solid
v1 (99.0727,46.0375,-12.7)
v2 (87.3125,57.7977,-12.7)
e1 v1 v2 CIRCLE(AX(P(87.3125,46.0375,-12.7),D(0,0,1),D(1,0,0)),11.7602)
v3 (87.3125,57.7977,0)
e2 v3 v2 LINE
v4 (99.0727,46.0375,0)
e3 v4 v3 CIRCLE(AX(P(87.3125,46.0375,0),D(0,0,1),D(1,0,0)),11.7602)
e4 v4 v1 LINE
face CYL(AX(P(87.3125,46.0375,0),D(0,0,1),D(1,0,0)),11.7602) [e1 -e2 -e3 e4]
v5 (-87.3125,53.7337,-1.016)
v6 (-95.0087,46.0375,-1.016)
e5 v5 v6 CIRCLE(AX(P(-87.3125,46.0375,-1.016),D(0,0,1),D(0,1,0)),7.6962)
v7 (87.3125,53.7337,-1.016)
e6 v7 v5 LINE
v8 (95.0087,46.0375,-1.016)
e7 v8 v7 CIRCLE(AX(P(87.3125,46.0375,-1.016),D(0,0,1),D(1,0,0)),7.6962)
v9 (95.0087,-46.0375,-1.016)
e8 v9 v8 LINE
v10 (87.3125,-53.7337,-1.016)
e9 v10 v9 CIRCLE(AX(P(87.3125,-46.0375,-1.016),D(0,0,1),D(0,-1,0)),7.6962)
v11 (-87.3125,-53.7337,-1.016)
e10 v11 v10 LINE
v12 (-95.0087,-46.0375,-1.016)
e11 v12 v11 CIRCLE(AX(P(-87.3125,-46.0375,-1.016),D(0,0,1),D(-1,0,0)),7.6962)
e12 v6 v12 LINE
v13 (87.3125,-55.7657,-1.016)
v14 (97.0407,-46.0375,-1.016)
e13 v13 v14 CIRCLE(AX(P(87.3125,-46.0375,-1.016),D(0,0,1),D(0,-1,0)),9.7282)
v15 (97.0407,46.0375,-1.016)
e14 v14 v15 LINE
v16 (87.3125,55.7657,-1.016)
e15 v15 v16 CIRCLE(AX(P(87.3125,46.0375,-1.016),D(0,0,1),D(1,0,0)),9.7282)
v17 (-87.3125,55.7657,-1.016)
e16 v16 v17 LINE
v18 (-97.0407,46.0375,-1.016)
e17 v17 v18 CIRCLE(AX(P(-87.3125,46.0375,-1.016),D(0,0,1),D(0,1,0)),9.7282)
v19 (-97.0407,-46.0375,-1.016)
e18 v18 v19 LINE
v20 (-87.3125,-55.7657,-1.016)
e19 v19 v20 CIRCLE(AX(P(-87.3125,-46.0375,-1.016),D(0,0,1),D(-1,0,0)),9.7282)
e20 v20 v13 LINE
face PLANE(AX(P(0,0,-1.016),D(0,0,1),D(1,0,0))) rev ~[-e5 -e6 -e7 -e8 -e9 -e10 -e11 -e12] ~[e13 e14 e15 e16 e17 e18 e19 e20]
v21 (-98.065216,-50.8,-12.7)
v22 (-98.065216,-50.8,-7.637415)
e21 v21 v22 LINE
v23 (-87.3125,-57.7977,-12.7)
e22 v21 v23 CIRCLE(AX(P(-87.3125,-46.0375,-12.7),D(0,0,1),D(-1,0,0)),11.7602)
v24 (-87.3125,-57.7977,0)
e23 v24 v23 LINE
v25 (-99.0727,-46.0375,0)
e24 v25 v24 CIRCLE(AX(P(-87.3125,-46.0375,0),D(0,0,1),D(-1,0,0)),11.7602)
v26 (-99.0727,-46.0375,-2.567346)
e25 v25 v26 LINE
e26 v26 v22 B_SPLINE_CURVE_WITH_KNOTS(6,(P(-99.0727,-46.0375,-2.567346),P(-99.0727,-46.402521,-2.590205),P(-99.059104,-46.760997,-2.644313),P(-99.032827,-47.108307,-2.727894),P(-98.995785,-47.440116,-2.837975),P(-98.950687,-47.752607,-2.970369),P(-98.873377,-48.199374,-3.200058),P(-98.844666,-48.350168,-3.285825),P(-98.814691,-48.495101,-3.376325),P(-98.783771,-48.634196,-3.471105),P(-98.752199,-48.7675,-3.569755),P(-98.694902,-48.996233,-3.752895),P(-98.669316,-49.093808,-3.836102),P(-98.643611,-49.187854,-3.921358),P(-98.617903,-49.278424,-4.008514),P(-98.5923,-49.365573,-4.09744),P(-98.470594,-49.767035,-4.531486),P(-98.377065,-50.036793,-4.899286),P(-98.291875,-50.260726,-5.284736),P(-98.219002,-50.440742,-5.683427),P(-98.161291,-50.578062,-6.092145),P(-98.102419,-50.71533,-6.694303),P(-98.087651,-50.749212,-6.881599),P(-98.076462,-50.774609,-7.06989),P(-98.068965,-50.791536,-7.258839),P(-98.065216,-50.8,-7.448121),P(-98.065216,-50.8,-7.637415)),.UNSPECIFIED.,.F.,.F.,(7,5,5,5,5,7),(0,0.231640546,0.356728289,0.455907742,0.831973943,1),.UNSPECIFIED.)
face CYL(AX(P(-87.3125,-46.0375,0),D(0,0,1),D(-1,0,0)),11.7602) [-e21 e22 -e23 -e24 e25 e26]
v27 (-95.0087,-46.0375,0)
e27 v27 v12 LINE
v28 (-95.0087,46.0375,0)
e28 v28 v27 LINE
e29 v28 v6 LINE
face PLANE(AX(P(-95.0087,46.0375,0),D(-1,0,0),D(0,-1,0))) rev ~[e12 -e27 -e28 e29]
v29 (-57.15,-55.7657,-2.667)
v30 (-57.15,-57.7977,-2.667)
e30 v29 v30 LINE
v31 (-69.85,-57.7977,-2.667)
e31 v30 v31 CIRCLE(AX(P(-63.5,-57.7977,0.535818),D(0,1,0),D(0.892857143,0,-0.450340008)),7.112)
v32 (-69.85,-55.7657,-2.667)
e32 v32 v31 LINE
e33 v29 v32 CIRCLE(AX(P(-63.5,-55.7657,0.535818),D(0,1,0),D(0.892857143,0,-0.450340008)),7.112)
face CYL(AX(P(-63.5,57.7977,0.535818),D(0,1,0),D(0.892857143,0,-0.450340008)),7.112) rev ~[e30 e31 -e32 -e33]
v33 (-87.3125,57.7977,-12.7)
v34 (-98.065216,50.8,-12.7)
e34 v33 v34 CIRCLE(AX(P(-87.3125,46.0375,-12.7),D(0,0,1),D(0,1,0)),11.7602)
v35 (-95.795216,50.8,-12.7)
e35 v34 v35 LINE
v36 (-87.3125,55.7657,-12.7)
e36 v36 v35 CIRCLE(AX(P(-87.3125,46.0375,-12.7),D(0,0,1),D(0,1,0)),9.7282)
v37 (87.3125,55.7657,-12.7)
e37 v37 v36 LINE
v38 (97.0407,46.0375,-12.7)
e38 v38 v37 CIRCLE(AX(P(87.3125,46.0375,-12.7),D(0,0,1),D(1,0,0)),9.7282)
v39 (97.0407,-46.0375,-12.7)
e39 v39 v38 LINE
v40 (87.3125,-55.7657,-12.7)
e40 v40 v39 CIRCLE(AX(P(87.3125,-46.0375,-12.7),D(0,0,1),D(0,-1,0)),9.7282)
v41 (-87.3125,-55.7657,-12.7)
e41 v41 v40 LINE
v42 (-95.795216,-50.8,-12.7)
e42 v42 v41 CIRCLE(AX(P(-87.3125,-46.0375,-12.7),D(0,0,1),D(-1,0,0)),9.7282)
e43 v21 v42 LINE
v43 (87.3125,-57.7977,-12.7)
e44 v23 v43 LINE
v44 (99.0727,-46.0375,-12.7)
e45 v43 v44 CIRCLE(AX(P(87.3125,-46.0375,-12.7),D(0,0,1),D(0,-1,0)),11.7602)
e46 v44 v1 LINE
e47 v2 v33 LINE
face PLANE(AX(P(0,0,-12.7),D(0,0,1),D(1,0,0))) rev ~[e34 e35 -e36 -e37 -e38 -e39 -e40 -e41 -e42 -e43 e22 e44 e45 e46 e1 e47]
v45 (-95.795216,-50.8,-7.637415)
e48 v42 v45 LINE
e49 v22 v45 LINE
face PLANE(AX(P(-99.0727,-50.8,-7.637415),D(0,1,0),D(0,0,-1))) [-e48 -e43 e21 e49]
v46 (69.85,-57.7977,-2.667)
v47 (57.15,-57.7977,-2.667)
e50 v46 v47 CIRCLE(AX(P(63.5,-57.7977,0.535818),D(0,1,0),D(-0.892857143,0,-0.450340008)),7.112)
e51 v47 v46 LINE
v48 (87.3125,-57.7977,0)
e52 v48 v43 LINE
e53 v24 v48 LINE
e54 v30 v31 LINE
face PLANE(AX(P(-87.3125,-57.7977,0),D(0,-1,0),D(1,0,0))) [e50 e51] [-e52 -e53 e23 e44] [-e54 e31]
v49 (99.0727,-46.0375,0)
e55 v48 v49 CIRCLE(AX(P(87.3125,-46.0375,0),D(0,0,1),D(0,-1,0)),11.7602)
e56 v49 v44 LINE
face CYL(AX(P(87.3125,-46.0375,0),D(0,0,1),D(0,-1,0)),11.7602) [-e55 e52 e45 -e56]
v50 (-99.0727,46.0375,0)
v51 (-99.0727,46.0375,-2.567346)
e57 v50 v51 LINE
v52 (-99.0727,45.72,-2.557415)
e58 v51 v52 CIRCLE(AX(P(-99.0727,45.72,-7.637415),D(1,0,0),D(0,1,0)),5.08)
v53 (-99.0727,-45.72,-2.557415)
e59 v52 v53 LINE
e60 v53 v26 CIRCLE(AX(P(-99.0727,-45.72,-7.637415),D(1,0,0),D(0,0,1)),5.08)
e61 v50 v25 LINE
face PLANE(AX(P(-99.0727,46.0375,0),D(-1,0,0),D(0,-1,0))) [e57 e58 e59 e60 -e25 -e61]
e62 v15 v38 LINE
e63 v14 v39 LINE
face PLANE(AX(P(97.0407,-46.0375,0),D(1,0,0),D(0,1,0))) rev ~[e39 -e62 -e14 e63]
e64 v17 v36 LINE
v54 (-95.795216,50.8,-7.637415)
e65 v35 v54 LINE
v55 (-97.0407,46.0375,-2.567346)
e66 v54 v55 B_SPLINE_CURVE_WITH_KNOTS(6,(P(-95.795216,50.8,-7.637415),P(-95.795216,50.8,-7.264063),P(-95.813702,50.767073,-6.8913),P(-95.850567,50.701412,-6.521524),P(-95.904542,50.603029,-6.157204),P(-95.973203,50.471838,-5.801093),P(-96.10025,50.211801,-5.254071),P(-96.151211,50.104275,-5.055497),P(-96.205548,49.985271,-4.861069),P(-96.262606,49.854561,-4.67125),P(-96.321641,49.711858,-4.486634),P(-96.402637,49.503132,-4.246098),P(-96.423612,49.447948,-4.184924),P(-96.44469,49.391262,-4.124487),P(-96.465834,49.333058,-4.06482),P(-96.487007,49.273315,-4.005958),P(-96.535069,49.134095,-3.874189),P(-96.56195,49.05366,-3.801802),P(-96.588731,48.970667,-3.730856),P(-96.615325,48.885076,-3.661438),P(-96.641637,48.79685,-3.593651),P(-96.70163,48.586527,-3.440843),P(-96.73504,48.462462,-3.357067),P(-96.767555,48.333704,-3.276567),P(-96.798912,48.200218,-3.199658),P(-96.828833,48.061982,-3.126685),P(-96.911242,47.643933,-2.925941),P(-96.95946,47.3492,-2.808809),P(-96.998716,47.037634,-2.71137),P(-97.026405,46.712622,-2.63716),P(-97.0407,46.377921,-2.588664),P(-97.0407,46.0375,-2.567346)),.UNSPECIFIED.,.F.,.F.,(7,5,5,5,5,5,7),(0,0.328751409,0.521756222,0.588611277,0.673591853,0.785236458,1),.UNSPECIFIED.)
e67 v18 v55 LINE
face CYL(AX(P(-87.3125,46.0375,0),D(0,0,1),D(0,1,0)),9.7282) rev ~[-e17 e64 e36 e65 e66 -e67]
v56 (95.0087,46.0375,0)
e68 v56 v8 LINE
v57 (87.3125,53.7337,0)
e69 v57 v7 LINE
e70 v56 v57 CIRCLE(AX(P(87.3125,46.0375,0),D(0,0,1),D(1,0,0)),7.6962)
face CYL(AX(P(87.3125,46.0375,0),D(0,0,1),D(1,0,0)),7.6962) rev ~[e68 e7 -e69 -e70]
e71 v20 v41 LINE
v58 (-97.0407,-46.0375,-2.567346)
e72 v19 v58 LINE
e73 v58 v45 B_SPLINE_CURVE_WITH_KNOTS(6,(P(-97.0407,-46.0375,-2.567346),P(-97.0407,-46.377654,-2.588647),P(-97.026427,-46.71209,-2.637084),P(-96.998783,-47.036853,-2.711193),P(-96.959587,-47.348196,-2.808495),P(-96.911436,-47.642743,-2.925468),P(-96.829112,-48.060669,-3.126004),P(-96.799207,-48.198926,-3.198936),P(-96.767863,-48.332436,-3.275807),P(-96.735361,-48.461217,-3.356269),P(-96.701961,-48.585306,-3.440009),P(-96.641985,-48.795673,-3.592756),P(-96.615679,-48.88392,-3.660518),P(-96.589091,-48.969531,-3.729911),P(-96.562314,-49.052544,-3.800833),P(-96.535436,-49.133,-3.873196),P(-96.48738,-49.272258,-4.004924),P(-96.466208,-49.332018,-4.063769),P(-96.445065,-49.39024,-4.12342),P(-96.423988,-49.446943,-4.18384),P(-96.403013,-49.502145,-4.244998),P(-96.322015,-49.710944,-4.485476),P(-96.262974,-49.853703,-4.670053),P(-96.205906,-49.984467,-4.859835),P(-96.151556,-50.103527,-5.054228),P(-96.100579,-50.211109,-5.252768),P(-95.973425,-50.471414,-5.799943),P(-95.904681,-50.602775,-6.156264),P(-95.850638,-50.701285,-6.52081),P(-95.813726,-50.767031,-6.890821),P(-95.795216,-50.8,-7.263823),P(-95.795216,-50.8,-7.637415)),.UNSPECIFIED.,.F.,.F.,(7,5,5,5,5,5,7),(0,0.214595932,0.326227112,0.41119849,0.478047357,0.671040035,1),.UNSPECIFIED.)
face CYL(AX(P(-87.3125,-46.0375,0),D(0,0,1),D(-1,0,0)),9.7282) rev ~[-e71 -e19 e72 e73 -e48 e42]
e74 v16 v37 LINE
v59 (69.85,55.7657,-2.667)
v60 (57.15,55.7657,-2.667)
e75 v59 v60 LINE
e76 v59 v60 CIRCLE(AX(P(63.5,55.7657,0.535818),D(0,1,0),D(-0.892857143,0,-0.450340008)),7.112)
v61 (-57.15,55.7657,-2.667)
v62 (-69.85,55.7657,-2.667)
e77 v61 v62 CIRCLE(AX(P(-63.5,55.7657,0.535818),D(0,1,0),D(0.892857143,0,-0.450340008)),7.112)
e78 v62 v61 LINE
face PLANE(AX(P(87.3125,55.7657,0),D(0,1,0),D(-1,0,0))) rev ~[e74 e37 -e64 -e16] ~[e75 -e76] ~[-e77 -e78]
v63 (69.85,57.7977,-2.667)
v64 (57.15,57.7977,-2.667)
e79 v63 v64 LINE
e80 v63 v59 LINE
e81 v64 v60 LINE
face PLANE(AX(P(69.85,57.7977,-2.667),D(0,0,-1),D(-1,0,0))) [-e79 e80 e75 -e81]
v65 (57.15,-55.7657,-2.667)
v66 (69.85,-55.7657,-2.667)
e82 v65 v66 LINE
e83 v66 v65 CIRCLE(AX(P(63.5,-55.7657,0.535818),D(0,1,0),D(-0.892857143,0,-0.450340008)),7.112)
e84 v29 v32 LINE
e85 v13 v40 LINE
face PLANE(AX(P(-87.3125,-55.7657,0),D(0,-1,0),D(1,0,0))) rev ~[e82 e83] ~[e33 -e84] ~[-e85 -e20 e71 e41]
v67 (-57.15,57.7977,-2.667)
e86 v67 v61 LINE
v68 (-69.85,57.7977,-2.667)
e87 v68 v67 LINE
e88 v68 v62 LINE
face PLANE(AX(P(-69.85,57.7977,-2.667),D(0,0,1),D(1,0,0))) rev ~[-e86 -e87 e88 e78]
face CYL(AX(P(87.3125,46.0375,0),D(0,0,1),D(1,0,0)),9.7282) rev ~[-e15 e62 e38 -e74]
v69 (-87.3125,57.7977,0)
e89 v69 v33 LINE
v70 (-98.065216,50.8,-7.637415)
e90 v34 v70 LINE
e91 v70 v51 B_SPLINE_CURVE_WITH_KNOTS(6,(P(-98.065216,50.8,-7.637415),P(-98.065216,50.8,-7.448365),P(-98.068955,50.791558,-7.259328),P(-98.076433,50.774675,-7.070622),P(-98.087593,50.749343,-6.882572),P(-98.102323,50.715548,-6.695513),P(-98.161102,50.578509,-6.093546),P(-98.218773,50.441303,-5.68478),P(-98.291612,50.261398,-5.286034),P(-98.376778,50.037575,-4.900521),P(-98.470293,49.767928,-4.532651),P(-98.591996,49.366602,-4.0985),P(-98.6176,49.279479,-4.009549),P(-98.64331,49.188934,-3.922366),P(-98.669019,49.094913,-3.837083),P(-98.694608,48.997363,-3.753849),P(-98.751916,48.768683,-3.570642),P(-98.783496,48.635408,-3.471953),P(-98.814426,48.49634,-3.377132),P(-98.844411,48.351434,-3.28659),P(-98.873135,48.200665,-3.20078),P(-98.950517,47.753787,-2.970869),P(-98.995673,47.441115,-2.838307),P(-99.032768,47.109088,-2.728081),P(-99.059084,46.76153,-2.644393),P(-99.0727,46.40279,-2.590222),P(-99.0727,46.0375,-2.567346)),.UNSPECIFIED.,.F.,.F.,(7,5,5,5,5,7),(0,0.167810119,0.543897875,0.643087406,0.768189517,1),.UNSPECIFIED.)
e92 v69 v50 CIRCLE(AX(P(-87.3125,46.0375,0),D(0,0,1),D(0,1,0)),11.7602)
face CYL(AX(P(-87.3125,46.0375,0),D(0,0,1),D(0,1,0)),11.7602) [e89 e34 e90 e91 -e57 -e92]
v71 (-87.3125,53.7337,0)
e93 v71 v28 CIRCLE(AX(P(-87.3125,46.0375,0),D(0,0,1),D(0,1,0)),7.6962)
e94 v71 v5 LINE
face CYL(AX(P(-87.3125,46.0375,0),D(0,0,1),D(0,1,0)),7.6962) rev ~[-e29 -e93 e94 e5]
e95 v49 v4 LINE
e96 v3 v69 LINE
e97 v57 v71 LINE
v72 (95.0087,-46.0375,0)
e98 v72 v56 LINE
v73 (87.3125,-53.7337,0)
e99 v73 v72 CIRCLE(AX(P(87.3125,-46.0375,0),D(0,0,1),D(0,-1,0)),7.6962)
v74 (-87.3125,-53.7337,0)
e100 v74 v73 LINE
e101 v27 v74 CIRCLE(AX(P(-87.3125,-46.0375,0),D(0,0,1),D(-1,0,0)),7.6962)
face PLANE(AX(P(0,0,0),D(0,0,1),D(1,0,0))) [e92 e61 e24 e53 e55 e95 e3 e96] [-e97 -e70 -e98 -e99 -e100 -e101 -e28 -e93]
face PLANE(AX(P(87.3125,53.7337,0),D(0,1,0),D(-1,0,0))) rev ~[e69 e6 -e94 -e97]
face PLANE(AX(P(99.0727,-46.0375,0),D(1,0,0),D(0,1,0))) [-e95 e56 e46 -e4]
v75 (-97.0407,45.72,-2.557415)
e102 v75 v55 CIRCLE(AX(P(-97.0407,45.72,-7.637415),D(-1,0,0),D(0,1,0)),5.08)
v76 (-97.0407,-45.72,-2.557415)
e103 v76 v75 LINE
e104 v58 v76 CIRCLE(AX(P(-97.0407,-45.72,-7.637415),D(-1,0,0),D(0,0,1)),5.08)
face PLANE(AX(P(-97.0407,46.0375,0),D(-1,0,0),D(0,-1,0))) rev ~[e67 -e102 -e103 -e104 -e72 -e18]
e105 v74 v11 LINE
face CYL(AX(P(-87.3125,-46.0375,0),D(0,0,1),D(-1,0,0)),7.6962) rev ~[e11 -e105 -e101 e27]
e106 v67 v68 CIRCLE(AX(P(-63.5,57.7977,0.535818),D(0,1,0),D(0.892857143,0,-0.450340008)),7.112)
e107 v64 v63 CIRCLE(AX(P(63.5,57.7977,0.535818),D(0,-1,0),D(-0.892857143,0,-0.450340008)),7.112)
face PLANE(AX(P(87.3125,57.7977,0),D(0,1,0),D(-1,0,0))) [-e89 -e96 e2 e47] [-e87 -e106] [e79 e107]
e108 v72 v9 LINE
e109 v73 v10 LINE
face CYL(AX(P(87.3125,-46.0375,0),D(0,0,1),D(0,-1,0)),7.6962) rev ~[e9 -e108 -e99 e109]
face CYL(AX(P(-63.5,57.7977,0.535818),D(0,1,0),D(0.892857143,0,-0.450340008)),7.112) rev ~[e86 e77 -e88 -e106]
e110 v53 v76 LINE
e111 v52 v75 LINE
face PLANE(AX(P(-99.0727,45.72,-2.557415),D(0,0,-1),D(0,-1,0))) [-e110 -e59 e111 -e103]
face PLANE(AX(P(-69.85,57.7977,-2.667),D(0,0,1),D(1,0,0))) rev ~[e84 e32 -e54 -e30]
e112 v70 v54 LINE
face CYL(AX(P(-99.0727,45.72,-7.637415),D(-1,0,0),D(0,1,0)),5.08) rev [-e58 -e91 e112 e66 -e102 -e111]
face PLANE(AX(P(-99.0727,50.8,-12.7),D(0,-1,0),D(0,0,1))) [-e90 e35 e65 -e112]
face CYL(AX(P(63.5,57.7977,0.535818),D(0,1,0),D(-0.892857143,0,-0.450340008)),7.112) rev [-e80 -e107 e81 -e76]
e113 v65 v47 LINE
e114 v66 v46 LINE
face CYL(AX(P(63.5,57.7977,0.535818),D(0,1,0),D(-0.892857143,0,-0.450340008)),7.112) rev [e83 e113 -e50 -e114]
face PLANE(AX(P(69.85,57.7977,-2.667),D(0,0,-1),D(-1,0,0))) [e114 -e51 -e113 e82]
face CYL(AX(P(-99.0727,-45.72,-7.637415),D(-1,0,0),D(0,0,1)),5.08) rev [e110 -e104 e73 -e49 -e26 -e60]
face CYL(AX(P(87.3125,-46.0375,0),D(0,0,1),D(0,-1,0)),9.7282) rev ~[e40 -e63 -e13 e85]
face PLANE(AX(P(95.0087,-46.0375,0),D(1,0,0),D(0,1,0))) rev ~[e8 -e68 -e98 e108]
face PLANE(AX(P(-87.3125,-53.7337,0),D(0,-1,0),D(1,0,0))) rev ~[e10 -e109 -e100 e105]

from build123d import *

# Parameters (mm, degrees)
BOSS_EXTRUDE1_DEPTH = 12.7
BOSS_EXTRUDE2_DEPTH = 1.016
CUT_EXTRUDE1_REACH  = 208.793
CUT_EXTRUDE2_DEPTH  = 153.771026153


with BuildPart() as part:
    # Sketch1 → Boss-Extrude1 (new body)
    with BuildSketch(Plane.XY):
        with BuildLine():
            Line((-99.0727, 46.0375), (-99.0727, -46.0375))
            ThreePointArc((-99.0727, -46.0375), (-95.628217168, -54.353217168), (-87.3125, -57.7977))
            Line((-87.3125, -57.7977), (87.3125, -57.7977))
            ThreePointArc((87.3125, -57.7977), (95.628217168, -54.353217168), (99.0727, -46.0375))
            Line((99.0727, -46.0375), (99.0727, 46.0375))
            ThreePointArc((99.0727, 46.0375), (95.628217168, 54.353217168), (87.3125, 57.7977))
            Line((87.3125, 57.7977), (-87.3125, 57.7977))
            ThreePointArc((-87.3125, 57.7977), (-95.628217168, 54.353217168), (-99.0727, 46.0375))
        make_face()
        with BuildLine():
            Line((87.3125, 55.7657), (-87.3125, 55.7657))
            ThreePointArc((-87.3125, 55.7657), (-94.191376189, 52.916376189), (-97.0407, 46.0375))
            Line((-97.0407, 46.0375), (-97.0407, -46.0375))
            ThreePointArc((-97.0407, -46.0375), (-94.191376189, -52.916376189), (-87.3125, -55.7657))
            Line((-87.3125, -55.7657), (87.3125, -55.7657))
            ThreePointArc((87.3125, -55.7657), (94.191376189, -52.916376189), (97.0407, -46.0375))
            Line((97.0407, -46.0375), (97.0407, 46.0375))
            ThreePointArc((97.0407, 46.0375), (94.191376189, 52.916376189), (87.3125, 55.7657))
        make_face(mode=Mode.SUBTRACT)
    extrude(amount=-BOSS_EXTRUDE1_DEPTH)

    # Sketch2 → Boss-Extrude2 (add)
    with BuildSketch(Plane.XY):
        with BuildLine():
            Line((-97.0407, 46.0375), (-97.0407, -46.0375))
            ThreePointArc((-97.0407, -46.0375), (-94.191376189, -52.916376189), (-87.3125, -55.7657))
            Line((-87.3125, -55.7657), (87.3125, -55.7657))
            ThreePointArc((87.3125, -55.7657), (94.191376189, -52.916376189), (97.0407, -46.0375))
            Line((97.0407, -46.0375), (97.0407, 46.0375))
            ThreePointArc((97.0407, 46.0375), (94.191376189, 52.916376189), (87.3125, 55.7657))
            Line((87.3125, 55.7657), (-87.3125, 55.7657))
            ThreePointArc((-87.3125, 55.7657), (-94.191376189, 52.916376189), (-97.0407, 46.0375))
        make_face()
        with BuildLine():
            Line((-95.0087, 46.0375), (-95.0087, -46.0375))
            ThreePointArc((-95.0087, -46.0375), (-92.754535209, -51.479535209), (-87.3125, -53.7337))
            Line((-87.3125, -53.7337), (87.3125, -53.7337))
            ThreePointArc((87.3125, -53.7337), (92.754535209, -51.479535209), (95.0087, -46.0375))
            Line((95.0087, -46.0375), (95.0087, 46.0375))
            ThreePointArc((95.0087, 46.0375), (92.754535209, 51.479535209), (87.3125, 53.7337))
            Line((87.3125, 53.7337), (-87.3125, 53.7337))
            ThreePointArc((-87.3125, 53.7337), (-92.754535209, 51.479535209), (-95.0087, 46.0375))
        make_face(mode=Mode.SUBTRACT)
    extrude(amount=-BOSS_EXTRUDE2_DEPTH)

    # Sketch3 → Cut-Extrude1 (cut, up to next)
    with BuildSketch(Plane.ZY.offset(99.0727), mode=Mode.PRIVATE) as cut_extrude1_sk1:
        with BuildLine():
            Line((-12.7, 50.8), (-7.637414644, 50.8))
            ThreePointArc((-7.637414644, 50.8), (-4.045312196, 49.312102448), (-2.557414644, 45.72))
            Line((-2.557414644, 45.72), (-2.557414644, -45.72))
            ThreePointArc((-2.557414644, -45.72), (-4.045312196, -49.312102448), (-7.637414644, -50.8))
            Line((-7.637414644, -50.8), (-12.7, -50.8))
            Line((-12.7, -50.8), (-12.7, 50.8))
        make_face()
    cut_extrude1_tool1 = extrude(cut_extrude1_sk1.sketch, amount=-CUT_EXTRUDE1_REACH, mode=Mode.PRIVATE) & part.part
    add(cut_extrude1_tool1.solids().sort_by_distance((-99.0727, 0, -7.671479))[0], mode=Mode.SUBTRACT)

    # Sketch4 → Cut-Extrude2 (cut, through all)
    with BuildSketch(Plane(origin=(0, 57.7977, 0), x_dir=(1, 0, 0), z_dir=(0, 1, 0))):
        with BuildLine():
            Line((-69.85, 2.667), (-57.15, 2.667))
            ThreePointArc((-57.15, 2.667), (-63.5, 6.576181866), (-69.85, 2.667))
        make_face()
        with BuildLine():
            Line((69.85, 2.667), (57.15, 2.667))
            ThreePointArc((57.15, 2.667), (63.5, 6.576181866), (69.85, 2.667))
        make_face()
    extrude(amount=-CUT_EXTRUDE2_DEPTH, mode=Mode.SUBTRACT)


solid = part.part
